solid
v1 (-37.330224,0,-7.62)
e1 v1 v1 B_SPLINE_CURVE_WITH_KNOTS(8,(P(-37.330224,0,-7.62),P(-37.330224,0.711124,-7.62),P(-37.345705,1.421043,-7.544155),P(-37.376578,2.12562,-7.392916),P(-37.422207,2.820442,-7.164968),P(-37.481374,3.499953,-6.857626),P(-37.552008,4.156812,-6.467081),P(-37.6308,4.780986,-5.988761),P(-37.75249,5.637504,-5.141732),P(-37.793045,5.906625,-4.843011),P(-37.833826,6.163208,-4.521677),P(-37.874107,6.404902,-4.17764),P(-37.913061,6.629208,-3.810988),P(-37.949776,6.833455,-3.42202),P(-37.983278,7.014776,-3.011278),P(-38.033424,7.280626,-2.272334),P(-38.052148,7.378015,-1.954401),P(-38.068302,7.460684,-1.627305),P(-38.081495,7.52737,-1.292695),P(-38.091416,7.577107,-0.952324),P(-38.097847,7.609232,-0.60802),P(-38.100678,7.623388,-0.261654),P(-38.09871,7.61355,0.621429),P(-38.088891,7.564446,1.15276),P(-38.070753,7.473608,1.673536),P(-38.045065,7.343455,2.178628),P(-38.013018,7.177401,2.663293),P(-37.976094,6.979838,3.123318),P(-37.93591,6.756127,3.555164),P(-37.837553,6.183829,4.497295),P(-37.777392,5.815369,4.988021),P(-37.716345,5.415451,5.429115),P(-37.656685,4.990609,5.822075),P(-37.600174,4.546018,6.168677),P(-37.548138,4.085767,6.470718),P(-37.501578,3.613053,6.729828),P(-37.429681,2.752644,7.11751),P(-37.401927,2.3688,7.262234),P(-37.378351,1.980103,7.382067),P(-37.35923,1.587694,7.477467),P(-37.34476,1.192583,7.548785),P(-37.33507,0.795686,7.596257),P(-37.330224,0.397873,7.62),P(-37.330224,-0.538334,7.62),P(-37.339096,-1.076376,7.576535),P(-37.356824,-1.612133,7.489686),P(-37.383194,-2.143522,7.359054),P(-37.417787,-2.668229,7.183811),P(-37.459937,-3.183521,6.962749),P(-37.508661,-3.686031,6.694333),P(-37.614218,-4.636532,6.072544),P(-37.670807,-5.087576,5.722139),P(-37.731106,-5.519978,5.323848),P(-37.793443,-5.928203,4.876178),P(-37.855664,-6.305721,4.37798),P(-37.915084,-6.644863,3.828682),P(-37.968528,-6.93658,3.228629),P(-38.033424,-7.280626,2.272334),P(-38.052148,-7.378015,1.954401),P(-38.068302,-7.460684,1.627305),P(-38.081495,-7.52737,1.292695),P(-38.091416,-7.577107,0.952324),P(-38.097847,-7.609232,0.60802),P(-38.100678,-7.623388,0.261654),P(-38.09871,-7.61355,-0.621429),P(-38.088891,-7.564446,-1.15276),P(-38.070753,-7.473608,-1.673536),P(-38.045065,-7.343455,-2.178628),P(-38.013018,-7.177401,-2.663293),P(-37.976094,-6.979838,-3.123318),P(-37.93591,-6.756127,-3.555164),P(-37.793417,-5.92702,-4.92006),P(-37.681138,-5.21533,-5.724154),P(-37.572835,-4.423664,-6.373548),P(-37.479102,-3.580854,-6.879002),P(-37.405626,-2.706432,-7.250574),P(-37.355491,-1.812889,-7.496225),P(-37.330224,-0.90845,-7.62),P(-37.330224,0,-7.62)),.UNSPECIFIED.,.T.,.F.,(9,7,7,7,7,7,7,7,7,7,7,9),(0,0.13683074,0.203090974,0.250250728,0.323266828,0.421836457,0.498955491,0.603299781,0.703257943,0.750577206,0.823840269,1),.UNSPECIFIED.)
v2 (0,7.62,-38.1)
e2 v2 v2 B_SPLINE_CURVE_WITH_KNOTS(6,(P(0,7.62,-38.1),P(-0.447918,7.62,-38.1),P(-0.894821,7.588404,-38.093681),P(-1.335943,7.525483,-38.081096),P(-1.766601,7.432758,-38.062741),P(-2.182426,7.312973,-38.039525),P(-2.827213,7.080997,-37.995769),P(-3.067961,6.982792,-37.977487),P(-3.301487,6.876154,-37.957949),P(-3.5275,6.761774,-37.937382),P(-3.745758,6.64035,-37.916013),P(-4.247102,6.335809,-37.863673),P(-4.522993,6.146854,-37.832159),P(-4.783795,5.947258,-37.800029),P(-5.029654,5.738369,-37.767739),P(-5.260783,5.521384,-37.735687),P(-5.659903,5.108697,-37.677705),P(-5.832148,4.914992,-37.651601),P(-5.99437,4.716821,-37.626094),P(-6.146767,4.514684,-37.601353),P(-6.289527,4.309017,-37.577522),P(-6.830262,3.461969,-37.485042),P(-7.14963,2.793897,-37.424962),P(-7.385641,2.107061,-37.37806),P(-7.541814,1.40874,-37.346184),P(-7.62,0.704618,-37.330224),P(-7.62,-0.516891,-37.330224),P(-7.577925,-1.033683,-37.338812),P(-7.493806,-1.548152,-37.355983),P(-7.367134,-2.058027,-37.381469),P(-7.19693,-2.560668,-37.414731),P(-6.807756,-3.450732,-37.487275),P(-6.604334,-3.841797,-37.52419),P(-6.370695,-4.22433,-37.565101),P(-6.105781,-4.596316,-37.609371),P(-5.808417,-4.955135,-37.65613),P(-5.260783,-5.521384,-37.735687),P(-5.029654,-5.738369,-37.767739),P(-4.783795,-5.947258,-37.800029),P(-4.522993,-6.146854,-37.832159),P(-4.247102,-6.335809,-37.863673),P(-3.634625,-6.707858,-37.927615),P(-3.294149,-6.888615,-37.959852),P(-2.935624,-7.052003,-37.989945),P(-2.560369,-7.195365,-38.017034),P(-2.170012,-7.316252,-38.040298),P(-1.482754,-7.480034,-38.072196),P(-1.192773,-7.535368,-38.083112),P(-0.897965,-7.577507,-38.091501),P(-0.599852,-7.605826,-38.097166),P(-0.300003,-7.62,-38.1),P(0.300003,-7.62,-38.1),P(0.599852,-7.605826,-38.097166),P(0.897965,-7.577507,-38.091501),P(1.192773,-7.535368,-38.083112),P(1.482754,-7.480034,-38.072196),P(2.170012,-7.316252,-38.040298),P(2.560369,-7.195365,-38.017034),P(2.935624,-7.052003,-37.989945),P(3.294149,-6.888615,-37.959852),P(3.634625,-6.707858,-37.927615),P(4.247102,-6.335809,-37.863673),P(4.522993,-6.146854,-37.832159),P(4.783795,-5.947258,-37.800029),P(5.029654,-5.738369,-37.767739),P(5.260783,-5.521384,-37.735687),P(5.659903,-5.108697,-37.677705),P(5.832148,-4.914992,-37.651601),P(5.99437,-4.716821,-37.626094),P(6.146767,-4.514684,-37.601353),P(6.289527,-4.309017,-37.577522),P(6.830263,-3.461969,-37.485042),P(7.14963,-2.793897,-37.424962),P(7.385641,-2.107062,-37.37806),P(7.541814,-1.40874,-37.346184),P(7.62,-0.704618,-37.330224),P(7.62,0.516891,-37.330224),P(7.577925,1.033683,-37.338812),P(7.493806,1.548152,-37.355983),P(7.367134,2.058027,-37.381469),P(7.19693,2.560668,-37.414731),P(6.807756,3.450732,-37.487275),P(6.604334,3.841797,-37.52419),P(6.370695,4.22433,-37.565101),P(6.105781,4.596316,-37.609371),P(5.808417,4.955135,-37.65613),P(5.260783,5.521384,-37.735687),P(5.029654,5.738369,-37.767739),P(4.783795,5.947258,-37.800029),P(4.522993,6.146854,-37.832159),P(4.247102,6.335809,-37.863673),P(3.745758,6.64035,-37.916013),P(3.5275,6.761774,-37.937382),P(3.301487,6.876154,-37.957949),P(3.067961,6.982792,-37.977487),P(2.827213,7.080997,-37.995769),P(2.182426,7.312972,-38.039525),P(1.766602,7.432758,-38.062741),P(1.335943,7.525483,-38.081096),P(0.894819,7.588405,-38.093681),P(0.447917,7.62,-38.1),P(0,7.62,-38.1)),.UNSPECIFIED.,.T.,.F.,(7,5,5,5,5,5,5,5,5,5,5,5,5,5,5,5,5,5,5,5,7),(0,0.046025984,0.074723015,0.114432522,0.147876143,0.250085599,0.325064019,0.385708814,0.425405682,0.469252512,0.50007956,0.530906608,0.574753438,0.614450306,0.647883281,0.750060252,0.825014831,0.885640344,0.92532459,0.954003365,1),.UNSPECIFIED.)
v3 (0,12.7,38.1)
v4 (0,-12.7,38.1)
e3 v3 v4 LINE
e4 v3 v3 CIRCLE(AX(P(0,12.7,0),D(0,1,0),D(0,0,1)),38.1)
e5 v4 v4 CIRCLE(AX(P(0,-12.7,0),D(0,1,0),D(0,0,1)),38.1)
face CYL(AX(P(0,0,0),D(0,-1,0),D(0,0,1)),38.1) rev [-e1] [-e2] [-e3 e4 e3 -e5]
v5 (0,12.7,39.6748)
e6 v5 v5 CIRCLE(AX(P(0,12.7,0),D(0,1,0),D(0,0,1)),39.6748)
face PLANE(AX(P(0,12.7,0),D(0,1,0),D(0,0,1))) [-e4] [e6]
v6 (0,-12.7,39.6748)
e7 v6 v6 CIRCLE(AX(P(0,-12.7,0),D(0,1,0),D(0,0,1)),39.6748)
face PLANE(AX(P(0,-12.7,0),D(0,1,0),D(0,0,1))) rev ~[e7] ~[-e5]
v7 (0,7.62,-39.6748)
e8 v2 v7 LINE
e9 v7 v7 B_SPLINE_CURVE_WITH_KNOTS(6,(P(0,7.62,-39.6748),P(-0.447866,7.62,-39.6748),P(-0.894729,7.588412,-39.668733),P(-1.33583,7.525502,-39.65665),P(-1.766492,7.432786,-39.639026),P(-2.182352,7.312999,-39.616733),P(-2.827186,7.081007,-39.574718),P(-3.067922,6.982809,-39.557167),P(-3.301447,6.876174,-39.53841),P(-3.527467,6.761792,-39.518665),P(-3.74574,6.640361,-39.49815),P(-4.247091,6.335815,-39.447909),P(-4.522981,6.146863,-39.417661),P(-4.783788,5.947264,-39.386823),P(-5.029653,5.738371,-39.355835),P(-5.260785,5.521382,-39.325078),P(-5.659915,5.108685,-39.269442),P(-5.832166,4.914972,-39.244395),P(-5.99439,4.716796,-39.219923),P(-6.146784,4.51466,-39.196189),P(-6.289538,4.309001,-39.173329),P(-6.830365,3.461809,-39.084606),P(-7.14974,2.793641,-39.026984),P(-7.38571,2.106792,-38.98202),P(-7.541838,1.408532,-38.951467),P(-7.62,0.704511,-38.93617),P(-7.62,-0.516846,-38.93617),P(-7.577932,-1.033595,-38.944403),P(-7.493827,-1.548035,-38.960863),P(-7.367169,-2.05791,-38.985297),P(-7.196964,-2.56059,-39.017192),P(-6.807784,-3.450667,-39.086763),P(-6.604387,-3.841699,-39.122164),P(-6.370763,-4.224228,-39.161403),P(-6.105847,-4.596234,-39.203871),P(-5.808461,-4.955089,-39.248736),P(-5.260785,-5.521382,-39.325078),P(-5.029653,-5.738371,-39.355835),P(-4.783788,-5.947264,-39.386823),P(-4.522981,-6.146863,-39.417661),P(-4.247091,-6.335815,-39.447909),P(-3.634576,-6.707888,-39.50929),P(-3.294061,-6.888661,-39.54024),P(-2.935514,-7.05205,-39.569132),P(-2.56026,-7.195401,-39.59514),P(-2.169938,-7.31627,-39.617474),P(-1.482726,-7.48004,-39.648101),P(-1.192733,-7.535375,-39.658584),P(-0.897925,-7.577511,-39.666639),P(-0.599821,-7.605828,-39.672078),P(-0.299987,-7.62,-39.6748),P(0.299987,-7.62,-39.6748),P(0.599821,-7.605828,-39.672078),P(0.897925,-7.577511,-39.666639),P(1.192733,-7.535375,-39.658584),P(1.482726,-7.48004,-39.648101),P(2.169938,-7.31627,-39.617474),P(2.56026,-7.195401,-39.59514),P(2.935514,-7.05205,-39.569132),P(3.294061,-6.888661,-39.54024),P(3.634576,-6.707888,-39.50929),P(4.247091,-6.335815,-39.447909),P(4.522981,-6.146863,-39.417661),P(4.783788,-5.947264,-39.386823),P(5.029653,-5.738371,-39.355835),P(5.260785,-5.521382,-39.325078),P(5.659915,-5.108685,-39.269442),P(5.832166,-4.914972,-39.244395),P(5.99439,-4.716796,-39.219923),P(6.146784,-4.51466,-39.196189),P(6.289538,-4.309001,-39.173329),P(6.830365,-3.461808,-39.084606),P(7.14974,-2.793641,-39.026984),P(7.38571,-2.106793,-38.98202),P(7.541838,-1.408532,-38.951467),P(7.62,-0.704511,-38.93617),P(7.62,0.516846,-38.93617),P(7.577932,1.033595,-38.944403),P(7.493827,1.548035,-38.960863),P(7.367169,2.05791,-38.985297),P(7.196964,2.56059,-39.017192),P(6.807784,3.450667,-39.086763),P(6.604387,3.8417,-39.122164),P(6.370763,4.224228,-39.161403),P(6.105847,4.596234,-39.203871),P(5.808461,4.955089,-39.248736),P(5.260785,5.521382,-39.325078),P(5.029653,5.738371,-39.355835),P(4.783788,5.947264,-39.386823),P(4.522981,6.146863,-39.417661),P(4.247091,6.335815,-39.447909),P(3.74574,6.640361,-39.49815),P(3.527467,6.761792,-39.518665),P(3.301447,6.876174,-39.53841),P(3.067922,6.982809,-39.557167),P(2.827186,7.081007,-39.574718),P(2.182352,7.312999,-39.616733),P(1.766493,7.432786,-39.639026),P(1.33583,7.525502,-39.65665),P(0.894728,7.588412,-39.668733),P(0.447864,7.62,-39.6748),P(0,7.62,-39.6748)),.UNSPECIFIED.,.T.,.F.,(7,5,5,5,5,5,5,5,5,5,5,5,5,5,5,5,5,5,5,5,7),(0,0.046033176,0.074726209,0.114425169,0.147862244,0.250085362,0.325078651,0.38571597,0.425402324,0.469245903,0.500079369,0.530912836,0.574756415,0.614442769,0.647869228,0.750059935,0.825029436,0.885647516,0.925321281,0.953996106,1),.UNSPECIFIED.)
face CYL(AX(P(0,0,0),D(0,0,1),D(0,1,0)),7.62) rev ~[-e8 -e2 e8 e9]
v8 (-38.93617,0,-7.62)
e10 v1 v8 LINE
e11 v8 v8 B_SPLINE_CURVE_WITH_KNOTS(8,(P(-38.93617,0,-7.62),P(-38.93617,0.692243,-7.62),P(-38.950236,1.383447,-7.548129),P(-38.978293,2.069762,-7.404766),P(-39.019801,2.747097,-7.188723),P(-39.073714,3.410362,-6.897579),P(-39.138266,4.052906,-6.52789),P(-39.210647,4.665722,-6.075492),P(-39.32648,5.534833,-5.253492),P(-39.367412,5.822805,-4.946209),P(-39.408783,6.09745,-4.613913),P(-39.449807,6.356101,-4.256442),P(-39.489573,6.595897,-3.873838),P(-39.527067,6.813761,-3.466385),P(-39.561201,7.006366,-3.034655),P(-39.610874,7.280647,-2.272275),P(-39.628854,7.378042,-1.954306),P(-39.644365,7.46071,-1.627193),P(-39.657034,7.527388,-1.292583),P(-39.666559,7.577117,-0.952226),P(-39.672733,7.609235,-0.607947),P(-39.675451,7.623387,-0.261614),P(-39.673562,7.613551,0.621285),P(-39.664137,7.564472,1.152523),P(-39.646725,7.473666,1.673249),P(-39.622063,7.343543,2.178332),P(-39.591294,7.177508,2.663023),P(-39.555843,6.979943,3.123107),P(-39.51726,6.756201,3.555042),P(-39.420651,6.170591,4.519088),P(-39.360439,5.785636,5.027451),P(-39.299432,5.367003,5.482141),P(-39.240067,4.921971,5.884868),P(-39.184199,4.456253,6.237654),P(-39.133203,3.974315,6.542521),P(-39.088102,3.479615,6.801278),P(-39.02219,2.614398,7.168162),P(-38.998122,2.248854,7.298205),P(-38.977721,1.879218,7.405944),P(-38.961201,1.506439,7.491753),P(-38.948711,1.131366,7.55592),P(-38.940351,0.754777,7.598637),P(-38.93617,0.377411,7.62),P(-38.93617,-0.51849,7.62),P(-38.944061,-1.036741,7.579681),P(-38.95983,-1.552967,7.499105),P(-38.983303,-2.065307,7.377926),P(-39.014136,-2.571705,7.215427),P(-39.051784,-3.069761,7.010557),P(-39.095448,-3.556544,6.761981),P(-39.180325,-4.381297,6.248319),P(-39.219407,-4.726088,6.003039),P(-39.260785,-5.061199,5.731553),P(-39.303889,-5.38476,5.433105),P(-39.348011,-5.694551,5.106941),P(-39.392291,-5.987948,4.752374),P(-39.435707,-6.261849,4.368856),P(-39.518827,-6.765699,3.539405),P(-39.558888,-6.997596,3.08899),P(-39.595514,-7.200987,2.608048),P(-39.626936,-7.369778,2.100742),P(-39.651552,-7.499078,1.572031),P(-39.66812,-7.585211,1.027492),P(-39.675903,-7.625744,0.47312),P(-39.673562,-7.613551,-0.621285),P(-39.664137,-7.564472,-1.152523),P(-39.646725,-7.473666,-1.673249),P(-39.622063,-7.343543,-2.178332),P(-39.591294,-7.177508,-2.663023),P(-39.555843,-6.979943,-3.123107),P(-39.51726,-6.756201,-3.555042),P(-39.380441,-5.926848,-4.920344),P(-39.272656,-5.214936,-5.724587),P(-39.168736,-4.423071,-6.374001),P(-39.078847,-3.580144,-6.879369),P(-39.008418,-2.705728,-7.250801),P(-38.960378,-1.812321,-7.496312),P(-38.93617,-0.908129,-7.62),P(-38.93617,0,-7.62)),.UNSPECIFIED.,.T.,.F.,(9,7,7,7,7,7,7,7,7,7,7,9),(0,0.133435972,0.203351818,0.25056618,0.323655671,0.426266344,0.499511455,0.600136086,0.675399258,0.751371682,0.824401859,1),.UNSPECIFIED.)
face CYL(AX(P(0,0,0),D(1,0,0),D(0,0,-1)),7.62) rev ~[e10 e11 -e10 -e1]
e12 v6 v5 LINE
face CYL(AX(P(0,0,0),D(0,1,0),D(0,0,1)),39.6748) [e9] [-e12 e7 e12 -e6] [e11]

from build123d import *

# Parameters (mm, degrees)
SKETCH1_R           = 39.6748
SKETCH1_R_2         = 38.1
BOSS_EXTRUDE1_DEPTH = 12.7
SKETCH2_R           = 7.62
CUT_EXTRUDE1_DEPTH  = 58.527988928
SKETCH3_R           = 7.62
CUT_EXTRUDE2_DEPTH  = 58.527989088


with BuildPart() as part:
    # Sketch1 → Boss-Extrude1 (new, symmetric)
    with BuildSketch(Plane(origin=(0, 0, 0), x_dir=(1, 0, 0), z_dir=(0, 1, 0))):
        with Locations(Location((0, 0, 0), (0, 0, 270))):
            Circle(SKETCH1_R)
        with Locations(Location((0, 0, 0), (0, 0, 270))):
            Circle(SKETCH1_R_2, mode=Mode.SUBTRACT)
    extrude(amount=BOSS_EXTRUDE1_DEPTH, both=True)

    # Sketch2 → Cut-Extrude1 (cut, through all)
    with BuildSketch(Plane.XY):
        with Locations(Location((0, 0, 0), (0, 0, 90))):
            Circle(SKETCH2_R)
    extrude(amount=-CUT_EXTRUDE1_DEPTH, mode=Mode.SUBTRACT)

    # Sketch3 → Cut-Extrude2 (cut, through all)
    with BuildSketch(Plane(origin=(0, 0, 0), x_dir=(0, 0, -1), z_dir=(1, 0, 0))):
        Circle(SKETCH3_R)
    extrude(amount=-CUT_EXTRUDE2_DEPTH, mode=Mode.SUBTRACT)


solid = part.part
